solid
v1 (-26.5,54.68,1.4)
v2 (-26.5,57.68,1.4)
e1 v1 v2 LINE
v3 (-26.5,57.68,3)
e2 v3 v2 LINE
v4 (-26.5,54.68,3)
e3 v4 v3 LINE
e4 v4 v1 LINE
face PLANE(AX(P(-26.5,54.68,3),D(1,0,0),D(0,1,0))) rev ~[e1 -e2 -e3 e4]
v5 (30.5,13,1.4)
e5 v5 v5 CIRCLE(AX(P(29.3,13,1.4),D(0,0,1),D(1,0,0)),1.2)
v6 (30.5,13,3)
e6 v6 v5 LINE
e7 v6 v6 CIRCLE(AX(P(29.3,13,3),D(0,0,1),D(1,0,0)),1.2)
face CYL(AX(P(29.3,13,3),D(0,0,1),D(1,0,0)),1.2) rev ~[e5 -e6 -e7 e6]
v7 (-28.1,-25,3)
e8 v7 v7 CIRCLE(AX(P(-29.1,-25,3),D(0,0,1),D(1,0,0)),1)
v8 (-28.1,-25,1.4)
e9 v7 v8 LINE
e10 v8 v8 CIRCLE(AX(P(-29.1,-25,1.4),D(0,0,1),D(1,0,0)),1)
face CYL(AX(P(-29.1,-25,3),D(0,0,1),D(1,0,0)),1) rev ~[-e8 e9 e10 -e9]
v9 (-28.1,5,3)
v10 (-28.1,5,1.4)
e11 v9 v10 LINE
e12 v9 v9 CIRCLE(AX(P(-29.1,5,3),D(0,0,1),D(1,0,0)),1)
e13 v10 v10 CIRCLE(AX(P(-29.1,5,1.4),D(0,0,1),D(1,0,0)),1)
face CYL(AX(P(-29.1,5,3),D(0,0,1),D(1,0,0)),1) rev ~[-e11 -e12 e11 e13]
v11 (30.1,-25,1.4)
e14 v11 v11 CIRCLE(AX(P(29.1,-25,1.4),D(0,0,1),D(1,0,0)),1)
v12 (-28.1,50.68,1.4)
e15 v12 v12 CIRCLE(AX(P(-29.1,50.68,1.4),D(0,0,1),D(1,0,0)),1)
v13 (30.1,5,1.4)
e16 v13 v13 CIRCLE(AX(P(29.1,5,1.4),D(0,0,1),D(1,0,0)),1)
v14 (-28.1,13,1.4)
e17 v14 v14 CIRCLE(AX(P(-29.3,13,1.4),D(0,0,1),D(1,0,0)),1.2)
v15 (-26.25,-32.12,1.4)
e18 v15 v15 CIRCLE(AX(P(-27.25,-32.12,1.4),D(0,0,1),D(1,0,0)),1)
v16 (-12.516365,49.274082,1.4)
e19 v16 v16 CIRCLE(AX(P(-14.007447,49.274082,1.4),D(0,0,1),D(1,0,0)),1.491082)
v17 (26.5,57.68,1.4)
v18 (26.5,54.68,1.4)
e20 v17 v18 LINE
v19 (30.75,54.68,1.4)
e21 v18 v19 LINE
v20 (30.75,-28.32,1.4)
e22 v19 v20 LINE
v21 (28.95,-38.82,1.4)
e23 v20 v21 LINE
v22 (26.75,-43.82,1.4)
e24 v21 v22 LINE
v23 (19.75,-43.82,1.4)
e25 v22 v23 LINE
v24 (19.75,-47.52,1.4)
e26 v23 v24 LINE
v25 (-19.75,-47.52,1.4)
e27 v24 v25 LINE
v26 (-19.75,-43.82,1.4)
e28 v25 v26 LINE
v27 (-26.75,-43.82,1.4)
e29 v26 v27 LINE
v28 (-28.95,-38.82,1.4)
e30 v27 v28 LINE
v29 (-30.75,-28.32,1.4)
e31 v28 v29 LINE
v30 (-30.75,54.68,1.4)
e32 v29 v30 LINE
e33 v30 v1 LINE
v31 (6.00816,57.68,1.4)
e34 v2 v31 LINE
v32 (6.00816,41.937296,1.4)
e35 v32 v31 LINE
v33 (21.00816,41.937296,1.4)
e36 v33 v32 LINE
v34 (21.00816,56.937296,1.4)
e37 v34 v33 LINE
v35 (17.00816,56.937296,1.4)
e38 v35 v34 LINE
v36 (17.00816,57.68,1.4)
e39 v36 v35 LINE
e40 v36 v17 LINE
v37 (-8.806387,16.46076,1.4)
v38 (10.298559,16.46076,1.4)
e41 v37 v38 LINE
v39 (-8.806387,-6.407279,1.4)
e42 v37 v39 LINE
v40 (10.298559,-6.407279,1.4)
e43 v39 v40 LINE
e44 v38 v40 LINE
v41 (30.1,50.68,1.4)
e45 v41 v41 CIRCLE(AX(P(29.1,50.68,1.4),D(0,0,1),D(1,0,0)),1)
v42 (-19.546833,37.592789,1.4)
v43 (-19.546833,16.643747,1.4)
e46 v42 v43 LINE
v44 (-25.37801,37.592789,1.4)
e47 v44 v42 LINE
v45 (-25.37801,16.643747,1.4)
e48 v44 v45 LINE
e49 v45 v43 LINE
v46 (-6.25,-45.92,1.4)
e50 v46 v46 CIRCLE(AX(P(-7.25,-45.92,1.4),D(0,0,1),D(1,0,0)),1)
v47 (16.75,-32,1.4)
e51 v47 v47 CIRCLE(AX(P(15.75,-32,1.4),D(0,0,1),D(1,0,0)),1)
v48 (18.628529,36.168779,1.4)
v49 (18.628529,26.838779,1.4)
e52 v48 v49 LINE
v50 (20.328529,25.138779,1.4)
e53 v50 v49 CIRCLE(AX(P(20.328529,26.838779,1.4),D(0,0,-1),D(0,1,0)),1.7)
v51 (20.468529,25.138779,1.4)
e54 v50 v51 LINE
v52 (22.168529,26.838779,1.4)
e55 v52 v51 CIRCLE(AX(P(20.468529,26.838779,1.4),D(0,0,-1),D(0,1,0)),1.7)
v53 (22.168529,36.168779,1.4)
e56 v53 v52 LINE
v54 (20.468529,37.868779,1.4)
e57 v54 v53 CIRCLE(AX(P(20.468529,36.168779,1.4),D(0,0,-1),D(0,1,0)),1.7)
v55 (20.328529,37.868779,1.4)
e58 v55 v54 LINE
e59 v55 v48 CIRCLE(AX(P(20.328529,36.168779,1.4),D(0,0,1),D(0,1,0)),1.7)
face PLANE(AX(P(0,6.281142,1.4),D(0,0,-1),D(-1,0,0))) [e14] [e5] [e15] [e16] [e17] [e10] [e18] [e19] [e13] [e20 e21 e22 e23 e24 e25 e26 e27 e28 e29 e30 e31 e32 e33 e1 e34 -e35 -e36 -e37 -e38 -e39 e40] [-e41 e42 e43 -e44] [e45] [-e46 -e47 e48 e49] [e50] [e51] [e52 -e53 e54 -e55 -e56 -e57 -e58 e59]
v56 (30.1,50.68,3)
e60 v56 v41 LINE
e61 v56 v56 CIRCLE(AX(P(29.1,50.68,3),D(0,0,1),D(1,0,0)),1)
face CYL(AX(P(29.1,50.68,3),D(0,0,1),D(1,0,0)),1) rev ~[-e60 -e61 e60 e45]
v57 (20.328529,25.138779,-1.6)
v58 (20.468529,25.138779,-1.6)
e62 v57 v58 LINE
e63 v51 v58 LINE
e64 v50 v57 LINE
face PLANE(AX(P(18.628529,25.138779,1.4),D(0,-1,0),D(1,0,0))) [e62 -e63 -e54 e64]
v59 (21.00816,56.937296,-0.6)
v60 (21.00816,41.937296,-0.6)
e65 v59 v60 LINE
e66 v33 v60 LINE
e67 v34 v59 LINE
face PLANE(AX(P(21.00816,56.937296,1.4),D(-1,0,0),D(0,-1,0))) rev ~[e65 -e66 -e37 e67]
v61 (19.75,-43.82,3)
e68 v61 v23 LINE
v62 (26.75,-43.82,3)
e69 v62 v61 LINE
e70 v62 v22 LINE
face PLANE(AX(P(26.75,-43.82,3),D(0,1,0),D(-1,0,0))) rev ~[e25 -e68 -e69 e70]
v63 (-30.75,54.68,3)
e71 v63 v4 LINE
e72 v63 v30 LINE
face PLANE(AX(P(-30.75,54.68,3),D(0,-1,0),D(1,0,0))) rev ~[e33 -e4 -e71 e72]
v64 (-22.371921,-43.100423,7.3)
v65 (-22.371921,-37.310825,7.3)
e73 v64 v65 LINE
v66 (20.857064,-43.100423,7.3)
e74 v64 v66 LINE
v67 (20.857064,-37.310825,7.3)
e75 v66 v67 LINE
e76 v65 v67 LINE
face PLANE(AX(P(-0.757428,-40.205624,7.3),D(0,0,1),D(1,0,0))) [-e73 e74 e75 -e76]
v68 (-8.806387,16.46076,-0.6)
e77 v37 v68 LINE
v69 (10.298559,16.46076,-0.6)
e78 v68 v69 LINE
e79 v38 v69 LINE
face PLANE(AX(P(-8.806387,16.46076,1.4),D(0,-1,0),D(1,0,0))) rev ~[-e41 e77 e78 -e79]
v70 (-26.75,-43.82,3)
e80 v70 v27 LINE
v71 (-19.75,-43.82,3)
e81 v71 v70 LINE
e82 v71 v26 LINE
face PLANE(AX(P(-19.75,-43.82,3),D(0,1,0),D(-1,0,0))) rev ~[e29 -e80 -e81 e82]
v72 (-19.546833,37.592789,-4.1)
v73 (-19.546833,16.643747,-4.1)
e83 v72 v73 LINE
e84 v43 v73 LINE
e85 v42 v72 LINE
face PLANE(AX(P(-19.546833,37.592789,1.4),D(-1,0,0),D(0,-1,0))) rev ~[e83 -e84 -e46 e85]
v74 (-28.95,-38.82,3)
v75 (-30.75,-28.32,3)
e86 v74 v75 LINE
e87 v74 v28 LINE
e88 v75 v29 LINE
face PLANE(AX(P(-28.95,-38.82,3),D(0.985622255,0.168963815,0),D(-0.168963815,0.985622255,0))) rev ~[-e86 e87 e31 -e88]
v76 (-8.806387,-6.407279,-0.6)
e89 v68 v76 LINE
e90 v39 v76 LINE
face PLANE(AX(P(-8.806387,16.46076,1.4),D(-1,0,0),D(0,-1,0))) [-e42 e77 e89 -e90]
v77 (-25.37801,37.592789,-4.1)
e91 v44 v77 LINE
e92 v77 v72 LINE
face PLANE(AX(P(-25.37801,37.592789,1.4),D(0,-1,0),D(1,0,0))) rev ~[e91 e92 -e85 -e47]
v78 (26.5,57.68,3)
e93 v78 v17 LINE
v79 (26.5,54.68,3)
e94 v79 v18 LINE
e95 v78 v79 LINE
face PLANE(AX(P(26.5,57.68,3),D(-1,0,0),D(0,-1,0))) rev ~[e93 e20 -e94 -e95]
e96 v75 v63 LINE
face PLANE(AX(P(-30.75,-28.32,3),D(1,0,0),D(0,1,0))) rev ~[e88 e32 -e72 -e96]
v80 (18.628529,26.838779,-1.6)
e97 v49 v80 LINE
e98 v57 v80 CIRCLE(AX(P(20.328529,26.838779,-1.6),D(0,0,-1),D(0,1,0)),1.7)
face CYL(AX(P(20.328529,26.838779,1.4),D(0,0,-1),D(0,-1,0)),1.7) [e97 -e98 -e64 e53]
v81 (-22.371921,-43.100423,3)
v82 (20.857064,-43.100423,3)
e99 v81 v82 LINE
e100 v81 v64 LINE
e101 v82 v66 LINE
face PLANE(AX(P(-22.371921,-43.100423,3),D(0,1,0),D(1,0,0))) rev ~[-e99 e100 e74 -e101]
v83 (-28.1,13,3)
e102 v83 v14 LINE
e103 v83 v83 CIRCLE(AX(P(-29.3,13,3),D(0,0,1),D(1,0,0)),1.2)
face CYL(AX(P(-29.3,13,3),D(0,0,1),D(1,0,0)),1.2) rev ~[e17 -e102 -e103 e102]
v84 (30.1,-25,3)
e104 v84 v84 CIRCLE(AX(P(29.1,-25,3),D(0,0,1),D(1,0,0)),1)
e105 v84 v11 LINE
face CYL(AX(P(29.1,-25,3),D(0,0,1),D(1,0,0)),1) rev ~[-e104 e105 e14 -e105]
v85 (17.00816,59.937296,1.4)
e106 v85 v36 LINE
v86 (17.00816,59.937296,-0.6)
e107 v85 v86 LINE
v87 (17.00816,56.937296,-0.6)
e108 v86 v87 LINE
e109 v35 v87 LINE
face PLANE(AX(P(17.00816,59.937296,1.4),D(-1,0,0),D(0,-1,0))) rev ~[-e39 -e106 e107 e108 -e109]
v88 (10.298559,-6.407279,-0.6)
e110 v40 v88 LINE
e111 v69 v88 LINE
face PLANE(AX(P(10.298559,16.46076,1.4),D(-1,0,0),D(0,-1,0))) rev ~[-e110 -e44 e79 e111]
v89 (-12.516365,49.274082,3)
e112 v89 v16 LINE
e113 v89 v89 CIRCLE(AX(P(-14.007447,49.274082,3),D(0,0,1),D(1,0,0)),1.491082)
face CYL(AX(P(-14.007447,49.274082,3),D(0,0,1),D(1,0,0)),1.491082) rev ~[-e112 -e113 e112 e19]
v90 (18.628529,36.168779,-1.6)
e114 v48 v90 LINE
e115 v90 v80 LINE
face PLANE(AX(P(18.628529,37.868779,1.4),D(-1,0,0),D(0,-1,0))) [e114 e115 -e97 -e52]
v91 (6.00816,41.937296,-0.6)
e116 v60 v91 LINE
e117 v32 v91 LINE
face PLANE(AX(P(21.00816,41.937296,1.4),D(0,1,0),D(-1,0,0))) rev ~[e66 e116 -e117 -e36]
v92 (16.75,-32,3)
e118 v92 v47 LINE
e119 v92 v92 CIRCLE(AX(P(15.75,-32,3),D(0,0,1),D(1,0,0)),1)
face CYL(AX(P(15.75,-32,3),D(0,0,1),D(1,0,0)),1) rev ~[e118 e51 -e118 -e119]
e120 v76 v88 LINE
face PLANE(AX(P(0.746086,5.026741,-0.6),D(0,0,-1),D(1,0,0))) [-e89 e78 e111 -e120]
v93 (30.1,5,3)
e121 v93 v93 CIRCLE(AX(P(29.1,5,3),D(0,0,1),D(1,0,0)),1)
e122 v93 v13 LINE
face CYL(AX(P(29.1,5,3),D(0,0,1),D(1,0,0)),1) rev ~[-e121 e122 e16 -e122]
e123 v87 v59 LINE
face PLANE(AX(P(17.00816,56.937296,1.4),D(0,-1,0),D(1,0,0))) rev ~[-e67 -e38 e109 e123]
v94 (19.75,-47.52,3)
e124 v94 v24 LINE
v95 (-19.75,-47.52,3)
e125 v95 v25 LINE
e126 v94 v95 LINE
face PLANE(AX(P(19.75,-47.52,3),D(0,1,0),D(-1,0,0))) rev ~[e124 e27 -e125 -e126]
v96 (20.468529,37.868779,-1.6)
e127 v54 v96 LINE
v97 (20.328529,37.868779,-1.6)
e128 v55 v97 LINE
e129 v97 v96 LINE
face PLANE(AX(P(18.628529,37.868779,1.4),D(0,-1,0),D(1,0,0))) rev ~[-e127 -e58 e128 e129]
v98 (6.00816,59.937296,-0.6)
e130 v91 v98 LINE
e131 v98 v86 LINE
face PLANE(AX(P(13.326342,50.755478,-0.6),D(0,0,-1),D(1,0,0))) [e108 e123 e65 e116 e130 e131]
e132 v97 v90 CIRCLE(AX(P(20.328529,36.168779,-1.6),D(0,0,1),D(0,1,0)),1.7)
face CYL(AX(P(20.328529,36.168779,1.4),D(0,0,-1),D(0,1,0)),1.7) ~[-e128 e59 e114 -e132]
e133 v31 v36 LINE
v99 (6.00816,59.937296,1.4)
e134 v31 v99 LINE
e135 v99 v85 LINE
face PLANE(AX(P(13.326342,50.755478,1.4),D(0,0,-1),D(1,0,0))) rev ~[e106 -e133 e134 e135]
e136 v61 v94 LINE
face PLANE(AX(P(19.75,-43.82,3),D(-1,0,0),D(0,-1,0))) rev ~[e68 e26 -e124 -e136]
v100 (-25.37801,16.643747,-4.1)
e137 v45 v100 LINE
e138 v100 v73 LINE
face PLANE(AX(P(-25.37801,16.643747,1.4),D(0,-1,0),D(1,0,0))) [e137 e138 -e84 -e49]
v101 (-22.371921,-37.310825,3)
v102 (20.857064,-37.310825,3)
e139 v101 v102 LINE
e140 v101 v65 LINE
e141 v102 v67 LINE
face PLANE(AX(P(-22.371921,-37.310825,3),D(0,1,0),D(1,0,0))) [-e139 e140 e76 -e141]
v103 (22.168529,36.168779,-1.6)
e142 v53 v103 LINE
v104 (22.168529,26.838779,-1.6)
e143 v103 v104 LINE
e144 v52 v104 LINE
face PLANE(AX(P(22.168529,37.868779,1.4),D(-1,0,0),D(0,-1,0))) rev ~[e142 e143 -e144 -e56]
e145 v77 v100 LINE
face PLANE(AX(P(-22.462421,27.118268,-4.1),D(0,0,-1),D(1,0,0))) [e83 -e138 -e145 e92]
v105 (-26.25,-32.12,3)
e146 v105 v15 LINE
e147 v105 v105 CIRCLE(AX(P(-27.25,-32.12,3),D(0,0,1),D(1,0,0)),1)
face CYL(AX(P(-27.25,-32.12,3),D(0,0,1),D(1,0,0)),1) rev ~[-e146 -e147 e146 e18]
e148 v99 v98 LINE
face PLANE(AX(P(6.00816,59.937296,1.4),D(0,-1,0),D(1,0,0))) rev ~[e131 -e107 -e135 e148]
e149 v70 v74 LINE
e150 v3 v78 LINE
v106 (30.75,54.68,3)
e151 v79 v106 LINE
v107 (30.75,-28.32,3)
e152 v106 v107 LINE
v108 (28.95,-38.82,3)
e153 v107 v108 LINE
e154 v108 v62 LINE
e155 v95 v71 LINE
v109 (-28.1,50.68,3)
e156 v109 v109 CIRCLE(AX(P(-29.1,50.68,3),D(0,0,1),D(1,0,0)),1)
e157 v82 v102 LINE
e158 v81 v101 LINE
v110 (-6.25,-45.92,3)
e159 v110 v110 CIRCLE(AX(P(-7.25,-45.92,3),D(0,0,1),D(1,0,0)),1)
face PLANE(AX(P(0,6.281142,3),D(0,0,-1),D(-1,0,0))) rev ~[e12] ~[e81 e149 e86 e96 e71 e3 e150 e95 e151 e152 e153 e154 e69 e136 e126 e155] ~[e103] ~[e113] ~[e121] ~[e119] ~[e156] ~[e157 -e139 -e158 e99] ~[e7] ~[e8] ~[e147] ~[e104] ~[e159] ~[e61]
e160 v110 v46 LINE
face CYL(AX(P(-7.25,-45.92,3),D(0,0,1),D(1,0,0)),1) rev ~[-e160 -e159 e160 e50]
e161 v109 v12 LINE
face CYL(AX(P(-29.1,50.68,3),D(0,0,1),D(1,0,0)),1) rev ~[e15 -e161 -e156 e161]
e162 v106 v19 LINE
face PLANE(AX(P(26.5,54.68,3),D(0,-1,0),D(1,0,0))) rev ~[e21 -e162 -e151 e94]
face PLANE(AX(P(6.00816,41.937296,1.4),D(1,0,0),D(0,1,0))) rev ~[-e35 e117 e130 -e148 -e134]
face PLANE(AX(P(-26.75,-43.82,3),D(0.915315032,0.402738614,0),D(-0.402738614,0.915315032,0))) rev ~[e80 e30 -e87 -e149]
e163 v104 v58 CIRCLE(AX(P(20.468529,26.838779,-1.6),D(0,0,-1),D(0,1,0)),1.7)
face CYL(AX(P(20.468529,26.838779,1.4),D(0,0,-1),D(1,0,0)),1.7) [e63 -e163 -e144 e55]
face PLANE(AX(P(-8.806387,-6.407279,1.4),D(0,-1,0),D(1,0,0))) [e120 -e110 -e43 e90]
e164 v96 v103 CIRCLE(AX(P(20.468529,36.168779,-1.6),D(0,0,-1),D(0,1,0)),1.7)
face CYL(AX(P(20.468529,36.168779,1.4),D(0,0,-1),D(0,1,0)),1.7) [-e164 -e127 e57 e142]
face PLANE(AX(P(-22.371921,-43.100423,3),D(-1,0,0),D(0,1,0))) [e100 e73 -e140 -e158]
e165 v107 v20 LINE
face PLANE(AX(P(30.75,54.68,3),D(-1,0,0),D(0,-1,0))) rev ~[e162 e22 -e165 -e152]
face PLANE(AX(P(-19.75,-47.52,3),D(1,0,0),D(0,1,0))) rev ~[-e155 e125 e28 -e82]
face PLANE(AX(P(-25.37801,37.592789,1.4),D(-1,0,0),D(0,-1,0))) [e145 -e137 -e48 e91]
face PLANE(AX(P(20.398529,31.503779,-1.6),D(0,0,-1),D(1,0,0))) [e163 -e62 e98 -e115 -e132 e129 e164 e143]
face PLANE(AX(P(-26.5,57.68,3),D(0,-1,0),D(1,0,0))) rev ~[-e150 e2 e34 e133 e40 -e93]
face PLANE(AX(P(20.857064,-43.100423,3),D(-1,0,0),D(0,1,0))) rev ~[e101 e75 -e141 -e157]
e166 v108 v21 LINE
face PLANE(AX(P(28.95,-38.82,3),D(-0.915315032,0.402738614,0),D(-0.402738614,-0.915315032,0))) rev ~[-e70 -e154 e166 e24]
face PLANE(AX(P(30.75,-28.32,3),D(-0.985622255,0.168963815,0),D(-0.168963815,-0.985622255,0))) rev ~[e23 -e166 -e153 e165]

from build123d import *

# Parameters (mm, degrees)
SKETCH006_R   = 1
SKETCH006_R_2 = 1.2
SKETCH006_R_3 = 1.491082
PAD002_DEPTH  = 1.6
SKETCH033_W   = 5.831177
SKETCH033_H   = 20.949042
PAD019_DEPTH  = 5.5
PAD021_DEPTH  = 2
SKETCH053_W   = 19.104945
SKETCH053_H   = 22.868039
PAD026_DEPTH  = 2
SKETCH058_W   = 43.228985
SKETCH058_H   = 5.789597
PAD028_DEPTH  = 4.3
SKETCH110_W   = 3.54
SKETCH110_H   = 12.73
PAD057_DEPTH  = 3
FILLET018_R   = 1.7


with BuildPart() as part:
    # Sketch006 → Pad002 (new body)
    with BuildSketch(Plane.XY.offset(3)):
        Polygon((30.75, 54.68), (30.75, -28.32), (28.95, -38.82), (26.75, -43.82), (19.75, -43.82), (19.75, -47.52), (-19.75, -47.52), (-19.75, -43.82), (-26.75, -43.82), (-28.95, -38.82), (-30.75, -28.32), (-30.75, 54.68), (-26.5, 54.68), (-26.5, 57.68), (26.5, 57.68), (26.5, 54.68), align=None)
        with Locations((-27.25, -32.12)):
            Circle(SKETCH006_R, mode=Mode.SUBTRACT)
        with Locations((15.75, -32)):
            Circle(SKETCH006_R, mode=Mode.SUBTRACT)
        with Locations((29.1, 50.68)):
            Circle(SKETCH006_R, mode=Mode.SUBTRACT)
        with Locations((-29.1, 50.68)):
            Circle(SKETCH006_R, mode=Mode.SUBTRACT)
        with Locations((-29.1, 5)):
            Circle(SKETCH006_R, mode=Mode.SUBTRACT)
        with Locations((-29.3, 13)):
            Circle(SKETCH006_R_2, mode=Mode.SUBTRACT)
        with Locations((29.3, 13)):
            Circle(SKETCH006_R_2, mode=Mode.SUBTRACT)
        with Locations((29.1, 5)):
            Circle(SKETCH006_R, mode=Mode.SUBTRACT)
        with Locations((-7.25, -45.92)):
            Circle(SKETCH006_R, mode=Mode.SUBTRACT)
        with Locations((-29.1, -25)):
            Circle(SKETCH006_R, mode=Mode.SUBTRACT)
        with Locations((29.1, -25)):
            Circle(SKETCH006_R, mode=Mode.SUBTRACT)
        with Locations((-14.007447, 49.274082)):
            Circle(SKETCH006_R_3, mode=Mode.SUBTRACT)
    extrude(amount=-PAD002_DEPTH)

    # Sketch033 (on Face30 of Pad002) → Pad019 (join)
    with BuildSketch(Plane(origin=(0, 0, 1.4), x_dir=(1, 0, 0), z_dir=(0, 0, -1))):
        with Locations((-22.462421, -27.118268)):
            Rectangle(SKETCH033_W, SKETCH033_H)
    extrude(amount=PAD019_DEPTH)

    # Sketch046 (on Face5 of Pad019) → Pad021 (join)
    with BuildSketch(Plane(origin=(0, 0, 1.4), x_dir=(1, 0, 0), z_dir=(0, 0, -1))):
        Polygon((21.00816, -56.937296), (21.00816, -41.937296), (6.00816, -41.937296), (6.00816, -56.937296), (6.00816, -59.937296), (17.00816, -59.937296), (17.00816, -56.937296), align=None)
    extrude(amount=PAD021_DEPTH)

    # Sketch053 (on Face5 of Pad021) → Pad026 (join)
    with BuildSketch(Plane(origin=(0, 0, 1.4), x_dir=(1, 0, 0), z_dir=(0, 0, -1))):
        with Locations((0.746086, -5.026741)):
            Rectangle(SKETCH053_W, SKETCH053_H)
    extrude(amount=PAD026_DEPTH)

    # Sketch058 (on Face4 of Pad026) → Pad028 (join)
    with BuildSketch(Plane.XY.offset(3)):
        with Locations((-0.757428, -40.205624)):
            Rectangle(SKETCH058_W, SKETCH058_H)
    extrude(amount=PAD028_DEPTH)

    # Sketch110 (on Face5 of Pad028) → Pad057 (join)
    with BuildSketch(Plane(origin=(0, 0, 1.4), x_dir=(1, 0, 0), z_dir=(0, 0, -1))):
        with Locations((20.398529, -31.503779)):
            Rectangle(SKETCH110_W, SKETCH110_H)
    extrude(amount=PAD057_DEPTH)

    # Fillet018
    fillet018_edges = [part.edges().sort_by_distance(p)[0] for p in [
        (18.628529, 25.138779, -0.1),
        (22.168529, 25.138779, -0.1),
        (22.168529, 37.868779, -0.1),
        (18.628529, 37.868779, -0.1),
    ]]
    fillet(fillet018_edges, radius=FILLET018_R)


solid = part.part
